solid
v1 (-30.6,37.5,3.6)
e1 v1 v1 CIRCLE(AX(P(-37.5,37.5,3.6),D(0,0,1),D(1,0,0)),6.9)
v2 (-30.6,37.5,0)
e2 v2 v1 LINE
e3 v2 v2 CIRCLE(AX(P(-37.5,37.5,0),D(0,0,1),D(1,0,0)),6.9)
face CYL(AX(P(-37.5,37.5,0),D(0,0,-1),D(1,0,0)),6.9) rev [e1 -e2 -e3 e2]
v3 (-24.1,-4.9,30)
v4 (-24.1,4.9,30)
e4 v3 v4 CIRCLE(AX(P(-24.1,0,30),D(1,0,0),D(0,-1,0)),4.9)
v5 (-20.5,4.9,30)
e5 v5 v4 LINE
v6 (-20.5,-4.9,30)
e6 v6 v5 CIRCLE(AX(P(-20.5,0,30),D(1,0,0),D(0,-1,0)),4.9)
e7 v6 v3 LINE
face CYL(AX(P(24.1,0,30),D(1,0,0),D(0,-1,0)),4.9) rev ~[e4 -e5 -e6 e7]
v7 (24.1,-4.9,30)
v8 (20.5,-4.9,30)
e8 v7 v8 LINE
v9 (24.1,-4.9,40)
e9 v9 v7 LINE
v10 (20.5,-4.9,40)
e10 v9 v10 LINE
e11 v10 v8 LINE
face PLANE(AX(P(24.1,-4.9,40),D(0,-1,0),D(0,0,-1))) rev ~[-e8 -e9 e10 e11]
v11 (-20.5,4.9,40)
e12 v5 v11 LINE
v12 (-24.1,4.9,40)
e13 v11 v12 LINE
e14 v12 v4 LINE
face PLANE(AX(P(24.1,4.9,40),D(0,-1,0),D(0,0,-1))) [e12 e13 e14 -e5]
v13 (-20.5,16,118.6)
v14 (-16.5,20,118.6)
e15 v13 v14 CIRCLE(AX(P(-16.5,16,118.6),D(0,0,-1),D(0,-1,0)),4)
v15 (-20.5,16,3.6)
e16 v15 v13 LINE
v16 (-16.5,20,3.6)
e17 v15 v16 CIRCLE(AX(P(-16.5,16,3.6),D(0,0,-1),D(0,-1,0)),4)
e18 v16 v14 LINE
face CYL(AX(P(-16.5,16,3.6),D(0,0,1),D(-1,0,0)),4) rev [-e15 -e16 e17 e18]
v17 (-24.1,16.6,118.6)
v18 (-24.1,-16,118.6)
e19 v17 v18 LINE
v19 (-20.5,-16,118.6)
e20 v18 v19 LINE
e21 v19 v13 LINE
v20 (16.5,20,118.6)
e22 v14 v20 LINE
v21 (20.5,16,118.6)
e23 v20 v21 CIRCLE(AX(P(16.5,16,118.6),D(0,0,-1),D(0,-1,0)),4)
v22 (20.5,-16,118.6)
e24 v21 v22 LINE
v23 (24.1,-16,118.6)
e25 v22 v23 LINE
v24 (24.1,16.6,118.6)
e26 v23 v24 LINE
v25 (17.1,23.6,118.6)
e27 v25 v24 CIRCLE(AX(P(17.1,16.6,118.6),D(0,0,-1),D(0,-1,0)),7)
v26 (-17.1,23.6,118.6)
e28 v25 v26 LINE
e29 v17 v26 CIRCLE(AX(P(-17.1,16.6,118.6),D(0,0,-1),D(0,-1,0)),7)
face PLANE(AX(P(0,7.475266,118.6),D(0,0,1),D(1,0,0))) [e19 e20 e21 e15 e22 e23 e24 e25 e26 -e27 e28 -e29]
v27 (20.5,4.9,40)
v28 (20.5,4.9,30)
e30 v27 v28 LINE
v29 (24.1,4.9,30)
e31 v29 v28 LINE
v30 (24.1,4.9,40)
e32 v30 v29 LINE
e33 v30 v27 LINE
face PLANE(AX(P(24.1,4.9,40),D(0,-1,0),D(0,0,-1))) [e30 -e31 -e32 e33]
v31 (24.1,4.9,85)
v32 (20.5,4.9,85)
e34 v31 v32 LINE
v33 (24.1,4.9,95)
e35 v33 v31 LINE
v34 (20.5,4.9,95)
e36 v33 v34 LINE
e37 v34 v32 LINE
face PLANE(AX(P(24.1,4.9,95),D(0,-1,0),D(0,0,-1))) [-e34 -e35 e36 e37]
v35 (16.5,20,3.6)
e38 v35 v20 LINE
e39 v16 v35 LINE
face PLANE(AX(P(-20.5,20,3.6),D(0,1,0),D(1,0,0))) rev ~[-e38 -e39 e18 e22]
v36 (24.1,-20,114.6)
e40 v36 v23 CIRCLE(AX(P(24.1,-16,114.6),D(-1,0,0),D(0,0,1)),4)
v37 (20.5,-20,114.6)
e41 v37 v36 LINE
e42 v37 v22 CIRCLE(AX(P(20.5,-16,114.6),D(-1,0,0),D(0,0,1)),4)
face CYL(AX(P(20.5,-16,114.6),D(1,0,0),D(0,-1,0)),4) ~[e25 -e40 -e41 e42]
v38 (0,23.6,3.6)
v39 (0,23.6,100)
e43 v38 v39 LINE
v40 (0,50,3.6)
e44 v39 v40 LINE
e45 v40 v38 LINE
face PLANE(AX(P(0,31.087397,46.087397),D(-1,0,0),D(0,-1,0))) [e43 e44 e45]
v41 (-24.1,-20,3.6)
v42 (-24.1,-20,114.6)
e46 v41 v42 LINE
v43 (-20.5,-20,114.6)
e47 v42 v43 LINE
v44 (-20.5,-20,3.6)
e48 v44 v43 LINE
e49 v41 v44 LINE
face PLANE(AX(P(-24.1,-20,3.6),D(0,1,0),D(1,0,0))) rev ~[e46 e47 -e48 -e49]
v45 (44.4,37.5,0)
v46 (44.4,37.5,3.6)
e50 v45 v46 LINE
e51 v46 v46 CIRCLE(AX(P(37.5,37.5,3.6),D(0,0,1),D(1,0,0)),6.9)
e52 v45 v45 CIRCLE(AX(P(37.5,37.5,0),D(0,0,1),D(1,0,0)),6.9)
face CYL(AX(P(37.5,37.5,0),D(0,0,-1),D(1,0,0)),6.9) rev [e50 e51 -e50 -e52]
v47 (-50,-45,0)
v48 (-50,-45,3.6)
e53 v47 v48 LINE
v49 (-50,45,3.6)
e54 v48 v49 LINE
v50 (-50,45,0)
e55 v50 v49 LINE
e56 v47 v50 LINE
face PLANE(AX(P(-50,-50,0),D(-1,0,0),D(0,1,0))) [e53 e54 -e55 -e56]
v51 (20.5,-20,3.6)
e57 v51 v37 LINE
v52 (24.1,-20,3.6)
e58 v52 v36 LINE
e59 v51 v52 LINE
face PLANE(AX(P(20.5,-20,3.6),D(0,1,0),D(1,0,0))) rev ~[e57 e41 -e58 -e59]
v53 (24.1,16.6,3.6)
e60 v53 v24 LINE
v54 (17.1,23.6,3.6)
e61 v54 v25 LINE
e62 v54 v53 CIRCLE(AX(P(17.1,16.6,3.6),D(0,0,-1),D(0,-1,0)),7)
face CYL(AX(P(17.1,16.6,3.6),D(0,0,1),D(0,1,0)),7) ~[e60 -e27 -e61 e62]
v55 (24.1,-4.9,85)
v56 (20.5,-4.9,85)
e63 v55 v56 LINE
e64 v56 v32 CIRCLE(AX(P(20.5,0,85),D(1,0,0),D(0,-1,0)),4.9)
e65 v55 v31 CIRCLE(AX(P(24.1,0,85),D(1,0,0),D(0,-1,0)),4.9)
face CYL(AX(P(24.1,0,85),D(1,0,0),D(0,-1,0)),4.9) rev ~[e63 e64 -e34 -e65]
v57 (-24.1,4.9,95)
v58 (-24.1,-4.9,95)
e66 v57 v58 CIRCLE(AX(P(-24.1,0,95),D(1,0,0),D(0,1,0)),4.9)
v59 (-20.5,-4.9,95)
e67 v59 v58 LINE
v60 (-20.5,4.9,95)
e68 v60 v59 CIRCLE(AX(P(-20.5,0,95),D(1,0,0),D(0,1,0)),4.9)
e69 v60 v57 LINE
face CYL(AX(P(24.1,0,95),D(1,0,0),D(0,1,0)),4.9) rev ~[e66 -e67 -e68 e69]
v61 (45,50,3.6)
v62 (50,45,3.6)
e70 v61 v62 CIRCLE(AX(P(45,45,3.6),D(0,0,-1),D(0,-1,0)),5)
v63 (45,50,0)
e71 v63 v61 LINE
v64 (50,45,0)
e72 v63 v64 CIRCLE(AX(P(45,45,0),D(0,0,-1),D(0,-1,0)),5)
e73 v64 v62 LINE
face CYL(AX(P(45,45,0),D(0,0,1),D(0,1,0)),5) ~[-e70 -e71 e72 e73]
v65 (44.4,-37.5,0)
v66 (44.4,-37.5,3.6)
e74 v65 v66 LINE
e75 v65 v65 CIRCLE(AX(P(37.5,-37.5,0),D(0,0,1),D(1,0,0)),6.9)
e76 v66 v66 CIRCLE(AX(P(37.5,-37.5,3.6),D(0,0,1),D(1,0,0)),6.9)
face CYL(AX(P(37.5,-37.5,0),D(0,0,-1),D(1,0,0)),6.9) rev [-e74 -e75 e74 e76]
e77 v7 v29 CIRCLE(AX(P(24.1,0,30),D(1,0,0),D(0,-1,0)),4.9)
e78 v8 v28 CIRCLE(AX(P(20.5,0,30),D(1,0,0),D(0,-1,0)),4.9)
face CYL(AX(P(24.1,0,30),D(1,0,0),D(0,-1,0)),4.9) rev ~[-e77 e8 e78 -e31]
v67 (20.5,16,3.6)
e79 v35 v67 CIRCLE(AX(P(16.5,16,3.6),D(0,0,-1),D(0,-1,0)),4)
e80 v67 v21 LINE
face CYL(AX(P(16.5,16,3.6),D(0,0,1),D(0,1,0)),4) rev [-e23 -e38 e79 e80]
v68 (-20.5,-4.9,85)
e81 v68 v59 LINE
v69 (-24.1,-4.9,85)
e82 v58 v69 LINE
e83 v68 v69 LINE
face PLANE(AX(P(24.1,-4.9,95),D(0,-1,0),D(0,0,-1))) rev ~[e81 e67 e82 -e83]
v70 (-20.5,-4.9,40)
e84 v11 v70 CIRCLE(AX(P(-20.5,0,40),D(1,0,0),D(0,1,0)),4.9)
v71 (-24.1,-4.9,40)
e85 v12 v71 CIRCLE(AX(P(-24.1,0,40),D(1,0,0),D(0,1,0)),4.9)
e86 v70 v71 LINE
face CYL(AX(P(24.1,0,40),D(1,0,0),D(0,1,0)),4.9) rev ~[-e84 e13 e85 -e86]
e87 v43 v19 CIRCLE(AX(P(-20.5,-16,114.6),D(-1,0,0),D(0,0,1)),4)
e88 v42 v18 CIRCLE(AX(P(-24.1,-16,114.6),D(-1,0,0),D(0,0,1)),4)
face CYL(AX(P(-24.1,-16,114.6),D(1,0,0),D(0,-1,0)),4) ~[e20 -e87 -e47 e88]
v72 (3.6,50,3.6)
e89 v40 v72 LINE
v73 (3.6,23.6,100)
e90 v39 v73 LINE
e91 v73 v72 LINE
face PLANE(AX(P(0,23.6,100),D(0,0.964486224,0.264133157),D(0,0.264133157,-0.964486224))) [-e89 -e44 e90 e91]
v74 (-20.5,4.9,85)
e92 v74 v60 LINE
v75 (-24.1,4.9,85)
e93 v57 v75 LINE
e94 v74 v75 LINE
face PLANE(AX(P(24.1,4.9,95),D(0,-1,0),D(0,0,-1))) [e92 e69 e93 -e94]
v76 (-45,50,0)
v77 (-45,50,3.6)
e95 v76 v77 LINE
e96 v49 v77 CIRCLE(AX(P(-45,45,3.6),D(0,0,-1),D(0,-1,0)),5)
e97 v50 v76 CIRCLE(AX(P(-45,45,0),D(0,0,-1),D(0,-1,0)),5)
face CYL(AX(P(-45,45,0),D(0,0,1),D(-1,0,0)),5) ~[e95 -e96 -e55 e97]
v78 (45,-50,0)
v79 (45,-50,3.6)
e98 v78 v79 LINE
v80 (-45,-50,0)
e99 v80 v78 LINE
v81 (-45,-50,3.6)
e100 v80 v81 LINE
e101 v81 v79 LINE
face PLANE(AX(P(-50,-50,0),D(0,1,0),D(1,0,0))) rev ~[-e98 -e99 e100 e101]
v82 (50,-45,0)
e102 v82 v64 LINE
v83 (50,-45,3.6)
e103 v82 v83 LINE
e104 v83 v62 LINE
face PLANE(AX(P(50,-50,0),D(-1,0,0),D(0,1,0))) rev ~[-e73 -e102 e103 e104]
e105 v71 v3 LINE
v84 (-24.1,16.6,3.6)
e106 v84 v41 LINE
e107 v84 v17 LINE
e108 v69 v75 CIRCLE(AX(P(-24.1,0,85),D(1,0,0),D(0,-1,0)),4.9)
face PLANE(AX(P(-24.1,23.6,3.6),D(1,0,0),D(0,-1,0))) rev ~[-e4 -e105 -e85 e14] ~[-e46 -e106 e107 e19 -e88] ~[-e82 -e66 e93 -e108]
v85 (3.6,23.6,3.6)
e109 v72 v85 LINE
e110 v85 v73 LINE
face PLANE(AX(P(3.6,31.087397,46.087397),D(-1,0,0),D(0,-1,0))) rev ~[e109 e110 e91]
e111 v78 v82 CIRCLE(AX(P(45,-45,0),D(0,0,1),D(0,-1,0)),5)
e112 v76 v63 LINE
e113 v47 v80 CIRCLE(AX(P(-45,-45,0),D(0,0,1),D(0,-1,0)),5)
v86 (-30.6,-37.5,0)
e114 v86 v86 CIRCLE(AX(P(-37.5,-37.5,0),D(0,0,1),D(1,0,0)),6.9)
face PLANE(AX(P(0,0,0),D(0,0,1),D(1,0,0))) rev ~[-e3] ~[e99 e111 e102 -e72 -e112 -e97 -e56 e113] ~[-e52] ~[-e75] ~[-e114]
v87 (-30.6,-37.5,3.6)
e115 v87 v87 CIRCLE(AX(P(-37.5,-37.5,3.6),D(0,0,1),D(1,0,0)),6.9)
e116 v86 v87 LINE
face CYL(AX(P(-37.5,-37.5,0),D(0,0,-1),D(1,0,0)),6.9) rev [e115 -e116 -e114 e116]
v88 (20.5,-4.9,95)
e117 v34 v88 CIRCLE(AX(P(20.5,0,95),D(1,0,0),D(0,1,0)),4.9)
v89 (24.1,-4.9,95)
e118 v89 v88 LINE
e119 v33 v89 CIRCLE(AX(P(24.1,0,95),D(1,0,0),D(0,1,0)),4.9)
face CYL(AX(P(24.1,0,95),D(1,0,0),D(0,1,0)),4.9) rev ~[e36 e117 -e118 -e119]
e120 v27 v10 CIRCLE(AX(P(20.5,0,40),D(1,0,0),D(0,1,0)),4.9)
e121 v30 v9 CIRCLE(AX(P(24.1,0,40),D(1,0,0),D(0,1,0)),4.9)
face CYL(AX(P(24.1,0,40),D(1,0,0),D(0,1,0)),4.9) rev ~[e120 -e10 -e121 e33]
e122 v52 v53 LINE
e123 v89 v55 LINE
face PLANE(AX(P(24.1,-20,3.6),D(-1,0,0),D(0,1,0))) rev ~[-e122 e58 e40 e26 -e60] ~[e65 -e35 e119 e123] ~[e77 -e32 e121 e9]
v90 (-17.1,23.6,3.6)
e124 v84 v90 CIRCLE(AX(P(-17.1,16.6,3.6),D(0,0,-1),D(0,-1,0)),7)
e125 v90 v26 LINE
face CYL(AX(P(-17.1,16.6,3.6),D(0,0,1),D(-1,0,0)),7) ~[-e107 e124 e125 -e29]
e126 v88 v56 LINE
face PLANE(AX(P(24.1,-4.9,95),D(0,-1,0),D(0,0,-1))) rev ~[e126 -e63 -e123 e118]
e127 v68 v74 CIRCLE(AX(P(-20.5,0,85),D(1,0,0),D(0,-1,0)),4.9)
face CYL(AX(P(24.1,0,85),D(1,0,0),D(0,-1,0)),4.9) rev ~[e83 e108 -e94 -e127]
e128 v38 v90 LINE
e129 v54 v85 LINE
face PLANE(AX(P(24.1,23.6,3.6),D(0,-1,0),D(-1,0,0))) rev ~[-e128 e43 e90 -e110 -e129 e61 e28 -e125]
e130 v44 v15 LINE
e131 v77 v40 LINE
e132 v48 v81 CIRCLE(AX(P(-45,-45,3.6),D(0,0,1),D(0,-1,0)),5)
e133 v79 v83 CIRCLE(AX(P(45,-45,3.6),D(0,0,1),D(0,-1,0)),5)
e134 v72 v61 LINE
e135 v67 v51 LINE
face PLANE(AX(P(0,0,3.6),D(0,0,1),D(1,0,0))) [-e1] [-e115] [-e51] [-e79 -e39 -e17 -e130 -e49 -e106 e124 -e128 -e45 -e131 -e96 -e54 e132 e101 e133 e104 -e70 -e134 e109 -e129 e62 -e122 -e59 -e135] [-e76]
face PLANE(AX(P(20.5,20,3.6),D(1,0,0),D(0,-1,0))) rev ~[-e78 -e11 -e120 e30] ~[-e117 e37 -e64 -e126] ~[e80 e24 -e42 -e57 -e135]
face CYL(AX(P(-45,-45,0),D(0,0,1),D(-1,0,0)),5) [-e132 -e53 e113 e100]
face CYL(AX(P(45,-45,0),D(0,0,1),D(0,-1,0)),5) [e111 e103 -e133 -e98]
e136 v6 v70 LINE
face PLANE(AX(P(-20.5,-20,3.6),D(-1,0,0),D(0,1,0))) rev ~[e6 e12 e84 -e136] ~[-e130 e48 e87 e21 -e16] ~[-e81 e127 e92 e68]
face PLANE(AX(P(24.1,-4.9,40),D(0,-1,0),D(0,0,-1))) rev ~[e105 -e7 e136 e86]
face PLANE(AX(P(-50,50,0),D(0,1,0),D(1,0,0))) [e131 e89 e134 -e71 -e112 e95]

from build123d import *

# Parameters (mm, degrees)
SKETCH_W     = 100
SKETCH_H     = 100
SKETCH_R     = 6.9
PAD_DEPTH    = 3.6
PAD001_DEPTH = 115
POCKET_DEPTH = 74.101
PAD002_DEPTH = 3.6
FILLET_R     = 5
FILLET001_R  = 4
FILLET002_R  = 7


with BuildPart() as part:
    # Sketch → Pad (new body)
    with BuildSketch(Plane.XY):
        Rectangle(SKETCH_W, SKETCH_H)
        with Locations((37.5, 37.5)):
            Circle(SKETCH_R, mode=Mode.SUBTRACT)
        with Locations((-37.5, 37.5)):
            Circle(SKETCH_R, mode=Mode.SUBTRACT)
        with Locations((37.5, -37.5)):
            Circle(SKETCH_R, mode=Mode.SUBTRACT)
        with Locations((-37.5, -37.5)):
            Circle(SKETCH_R, mode=Mode.SUBTRACT)
    extrude(amount=PAD_DEPTH)

    # Sketch001 (on Face10 of Pad) → Pad001 (join)
    with BuildSketch(Plane.XY.offset(3.6)):
        Polygon((-20.5, -20), (-20.5, 20), (20.5, 20), (20.5, -20), (24.1, -20), (24.1, 23.6), (-24.1, 23.6), (-24.1, -20), align=None)
    extrude(amount=PAD001_DEPTH)

    # Sketch002 (on Face15 of Pad001) → Pocket (cut, through all)
    with BuildSketch(Plane.YZ.offset(24.1)):
        with BuildLine():
            ThreePointArc((4.9, 95), (0, 99.9), (-4.9, 95))
            Line((-4.9, 95), (-4.9, 85))
            ThreePointArc((-4.9, 85), (0, 80.1), (4.9, 85))
            Line((4.9, 95), (4.9, 85))
        make_face()
        with BuildLine():
            ThreePointArc((4.9, 40), (0, 44.9), (-4.9, 40))
            Line((-4.9, 40), (-4.9, 30))
            ThreePointArc((-4.9, 30), (0, 25.1), (4.9, 30))
            Line((4.9, 40), (4.9, 30))
        make_face()
    extrude(amount=-POCKET_DEPTH, mode=Mode.SUBTRACT)

    # Sketch003 → Pad002 (join)
    with BuildSketch(Plane.YZ):
        Polygon((23.6, 100), (50, 3.6), (23.6, 3.6), align=None)
    extrude(amount=PAD002_DEPTH)

    # Fillet
    fillet_edges = [part.edges().sort_by_distance(p)[0] for p in [
        (-50, 50, 1.8),
        (-50, -50, 1.8),
        (50, -50, 1.8),
        (50, 50, 1.8),
    ]]
    fillet(fillet_edges, radius=FILLET_R)

    # Fillet001
    fillet001_edges = [part.edges().sort_by_distance(p)[0] for p in [
        (22.3, -20, 118.6),
        (-22.3, -20, 118.6),
        (20.5, 20, 61.1),
        (-20.5, 20, 61.1),
    ]]
    fillet(fillet001_edges, radius=FILLET001_R)

    # Fillet002
    fillet002_edges = [part.edges().sort_by_distance(p)[0] for p in [
        (24.1, 23.6, 61.1),
        (-24.1, 23.6, 61.1),
    ]]
    fillet(fillet002_edges, radius=FILLET002_R)


solid = part.part
